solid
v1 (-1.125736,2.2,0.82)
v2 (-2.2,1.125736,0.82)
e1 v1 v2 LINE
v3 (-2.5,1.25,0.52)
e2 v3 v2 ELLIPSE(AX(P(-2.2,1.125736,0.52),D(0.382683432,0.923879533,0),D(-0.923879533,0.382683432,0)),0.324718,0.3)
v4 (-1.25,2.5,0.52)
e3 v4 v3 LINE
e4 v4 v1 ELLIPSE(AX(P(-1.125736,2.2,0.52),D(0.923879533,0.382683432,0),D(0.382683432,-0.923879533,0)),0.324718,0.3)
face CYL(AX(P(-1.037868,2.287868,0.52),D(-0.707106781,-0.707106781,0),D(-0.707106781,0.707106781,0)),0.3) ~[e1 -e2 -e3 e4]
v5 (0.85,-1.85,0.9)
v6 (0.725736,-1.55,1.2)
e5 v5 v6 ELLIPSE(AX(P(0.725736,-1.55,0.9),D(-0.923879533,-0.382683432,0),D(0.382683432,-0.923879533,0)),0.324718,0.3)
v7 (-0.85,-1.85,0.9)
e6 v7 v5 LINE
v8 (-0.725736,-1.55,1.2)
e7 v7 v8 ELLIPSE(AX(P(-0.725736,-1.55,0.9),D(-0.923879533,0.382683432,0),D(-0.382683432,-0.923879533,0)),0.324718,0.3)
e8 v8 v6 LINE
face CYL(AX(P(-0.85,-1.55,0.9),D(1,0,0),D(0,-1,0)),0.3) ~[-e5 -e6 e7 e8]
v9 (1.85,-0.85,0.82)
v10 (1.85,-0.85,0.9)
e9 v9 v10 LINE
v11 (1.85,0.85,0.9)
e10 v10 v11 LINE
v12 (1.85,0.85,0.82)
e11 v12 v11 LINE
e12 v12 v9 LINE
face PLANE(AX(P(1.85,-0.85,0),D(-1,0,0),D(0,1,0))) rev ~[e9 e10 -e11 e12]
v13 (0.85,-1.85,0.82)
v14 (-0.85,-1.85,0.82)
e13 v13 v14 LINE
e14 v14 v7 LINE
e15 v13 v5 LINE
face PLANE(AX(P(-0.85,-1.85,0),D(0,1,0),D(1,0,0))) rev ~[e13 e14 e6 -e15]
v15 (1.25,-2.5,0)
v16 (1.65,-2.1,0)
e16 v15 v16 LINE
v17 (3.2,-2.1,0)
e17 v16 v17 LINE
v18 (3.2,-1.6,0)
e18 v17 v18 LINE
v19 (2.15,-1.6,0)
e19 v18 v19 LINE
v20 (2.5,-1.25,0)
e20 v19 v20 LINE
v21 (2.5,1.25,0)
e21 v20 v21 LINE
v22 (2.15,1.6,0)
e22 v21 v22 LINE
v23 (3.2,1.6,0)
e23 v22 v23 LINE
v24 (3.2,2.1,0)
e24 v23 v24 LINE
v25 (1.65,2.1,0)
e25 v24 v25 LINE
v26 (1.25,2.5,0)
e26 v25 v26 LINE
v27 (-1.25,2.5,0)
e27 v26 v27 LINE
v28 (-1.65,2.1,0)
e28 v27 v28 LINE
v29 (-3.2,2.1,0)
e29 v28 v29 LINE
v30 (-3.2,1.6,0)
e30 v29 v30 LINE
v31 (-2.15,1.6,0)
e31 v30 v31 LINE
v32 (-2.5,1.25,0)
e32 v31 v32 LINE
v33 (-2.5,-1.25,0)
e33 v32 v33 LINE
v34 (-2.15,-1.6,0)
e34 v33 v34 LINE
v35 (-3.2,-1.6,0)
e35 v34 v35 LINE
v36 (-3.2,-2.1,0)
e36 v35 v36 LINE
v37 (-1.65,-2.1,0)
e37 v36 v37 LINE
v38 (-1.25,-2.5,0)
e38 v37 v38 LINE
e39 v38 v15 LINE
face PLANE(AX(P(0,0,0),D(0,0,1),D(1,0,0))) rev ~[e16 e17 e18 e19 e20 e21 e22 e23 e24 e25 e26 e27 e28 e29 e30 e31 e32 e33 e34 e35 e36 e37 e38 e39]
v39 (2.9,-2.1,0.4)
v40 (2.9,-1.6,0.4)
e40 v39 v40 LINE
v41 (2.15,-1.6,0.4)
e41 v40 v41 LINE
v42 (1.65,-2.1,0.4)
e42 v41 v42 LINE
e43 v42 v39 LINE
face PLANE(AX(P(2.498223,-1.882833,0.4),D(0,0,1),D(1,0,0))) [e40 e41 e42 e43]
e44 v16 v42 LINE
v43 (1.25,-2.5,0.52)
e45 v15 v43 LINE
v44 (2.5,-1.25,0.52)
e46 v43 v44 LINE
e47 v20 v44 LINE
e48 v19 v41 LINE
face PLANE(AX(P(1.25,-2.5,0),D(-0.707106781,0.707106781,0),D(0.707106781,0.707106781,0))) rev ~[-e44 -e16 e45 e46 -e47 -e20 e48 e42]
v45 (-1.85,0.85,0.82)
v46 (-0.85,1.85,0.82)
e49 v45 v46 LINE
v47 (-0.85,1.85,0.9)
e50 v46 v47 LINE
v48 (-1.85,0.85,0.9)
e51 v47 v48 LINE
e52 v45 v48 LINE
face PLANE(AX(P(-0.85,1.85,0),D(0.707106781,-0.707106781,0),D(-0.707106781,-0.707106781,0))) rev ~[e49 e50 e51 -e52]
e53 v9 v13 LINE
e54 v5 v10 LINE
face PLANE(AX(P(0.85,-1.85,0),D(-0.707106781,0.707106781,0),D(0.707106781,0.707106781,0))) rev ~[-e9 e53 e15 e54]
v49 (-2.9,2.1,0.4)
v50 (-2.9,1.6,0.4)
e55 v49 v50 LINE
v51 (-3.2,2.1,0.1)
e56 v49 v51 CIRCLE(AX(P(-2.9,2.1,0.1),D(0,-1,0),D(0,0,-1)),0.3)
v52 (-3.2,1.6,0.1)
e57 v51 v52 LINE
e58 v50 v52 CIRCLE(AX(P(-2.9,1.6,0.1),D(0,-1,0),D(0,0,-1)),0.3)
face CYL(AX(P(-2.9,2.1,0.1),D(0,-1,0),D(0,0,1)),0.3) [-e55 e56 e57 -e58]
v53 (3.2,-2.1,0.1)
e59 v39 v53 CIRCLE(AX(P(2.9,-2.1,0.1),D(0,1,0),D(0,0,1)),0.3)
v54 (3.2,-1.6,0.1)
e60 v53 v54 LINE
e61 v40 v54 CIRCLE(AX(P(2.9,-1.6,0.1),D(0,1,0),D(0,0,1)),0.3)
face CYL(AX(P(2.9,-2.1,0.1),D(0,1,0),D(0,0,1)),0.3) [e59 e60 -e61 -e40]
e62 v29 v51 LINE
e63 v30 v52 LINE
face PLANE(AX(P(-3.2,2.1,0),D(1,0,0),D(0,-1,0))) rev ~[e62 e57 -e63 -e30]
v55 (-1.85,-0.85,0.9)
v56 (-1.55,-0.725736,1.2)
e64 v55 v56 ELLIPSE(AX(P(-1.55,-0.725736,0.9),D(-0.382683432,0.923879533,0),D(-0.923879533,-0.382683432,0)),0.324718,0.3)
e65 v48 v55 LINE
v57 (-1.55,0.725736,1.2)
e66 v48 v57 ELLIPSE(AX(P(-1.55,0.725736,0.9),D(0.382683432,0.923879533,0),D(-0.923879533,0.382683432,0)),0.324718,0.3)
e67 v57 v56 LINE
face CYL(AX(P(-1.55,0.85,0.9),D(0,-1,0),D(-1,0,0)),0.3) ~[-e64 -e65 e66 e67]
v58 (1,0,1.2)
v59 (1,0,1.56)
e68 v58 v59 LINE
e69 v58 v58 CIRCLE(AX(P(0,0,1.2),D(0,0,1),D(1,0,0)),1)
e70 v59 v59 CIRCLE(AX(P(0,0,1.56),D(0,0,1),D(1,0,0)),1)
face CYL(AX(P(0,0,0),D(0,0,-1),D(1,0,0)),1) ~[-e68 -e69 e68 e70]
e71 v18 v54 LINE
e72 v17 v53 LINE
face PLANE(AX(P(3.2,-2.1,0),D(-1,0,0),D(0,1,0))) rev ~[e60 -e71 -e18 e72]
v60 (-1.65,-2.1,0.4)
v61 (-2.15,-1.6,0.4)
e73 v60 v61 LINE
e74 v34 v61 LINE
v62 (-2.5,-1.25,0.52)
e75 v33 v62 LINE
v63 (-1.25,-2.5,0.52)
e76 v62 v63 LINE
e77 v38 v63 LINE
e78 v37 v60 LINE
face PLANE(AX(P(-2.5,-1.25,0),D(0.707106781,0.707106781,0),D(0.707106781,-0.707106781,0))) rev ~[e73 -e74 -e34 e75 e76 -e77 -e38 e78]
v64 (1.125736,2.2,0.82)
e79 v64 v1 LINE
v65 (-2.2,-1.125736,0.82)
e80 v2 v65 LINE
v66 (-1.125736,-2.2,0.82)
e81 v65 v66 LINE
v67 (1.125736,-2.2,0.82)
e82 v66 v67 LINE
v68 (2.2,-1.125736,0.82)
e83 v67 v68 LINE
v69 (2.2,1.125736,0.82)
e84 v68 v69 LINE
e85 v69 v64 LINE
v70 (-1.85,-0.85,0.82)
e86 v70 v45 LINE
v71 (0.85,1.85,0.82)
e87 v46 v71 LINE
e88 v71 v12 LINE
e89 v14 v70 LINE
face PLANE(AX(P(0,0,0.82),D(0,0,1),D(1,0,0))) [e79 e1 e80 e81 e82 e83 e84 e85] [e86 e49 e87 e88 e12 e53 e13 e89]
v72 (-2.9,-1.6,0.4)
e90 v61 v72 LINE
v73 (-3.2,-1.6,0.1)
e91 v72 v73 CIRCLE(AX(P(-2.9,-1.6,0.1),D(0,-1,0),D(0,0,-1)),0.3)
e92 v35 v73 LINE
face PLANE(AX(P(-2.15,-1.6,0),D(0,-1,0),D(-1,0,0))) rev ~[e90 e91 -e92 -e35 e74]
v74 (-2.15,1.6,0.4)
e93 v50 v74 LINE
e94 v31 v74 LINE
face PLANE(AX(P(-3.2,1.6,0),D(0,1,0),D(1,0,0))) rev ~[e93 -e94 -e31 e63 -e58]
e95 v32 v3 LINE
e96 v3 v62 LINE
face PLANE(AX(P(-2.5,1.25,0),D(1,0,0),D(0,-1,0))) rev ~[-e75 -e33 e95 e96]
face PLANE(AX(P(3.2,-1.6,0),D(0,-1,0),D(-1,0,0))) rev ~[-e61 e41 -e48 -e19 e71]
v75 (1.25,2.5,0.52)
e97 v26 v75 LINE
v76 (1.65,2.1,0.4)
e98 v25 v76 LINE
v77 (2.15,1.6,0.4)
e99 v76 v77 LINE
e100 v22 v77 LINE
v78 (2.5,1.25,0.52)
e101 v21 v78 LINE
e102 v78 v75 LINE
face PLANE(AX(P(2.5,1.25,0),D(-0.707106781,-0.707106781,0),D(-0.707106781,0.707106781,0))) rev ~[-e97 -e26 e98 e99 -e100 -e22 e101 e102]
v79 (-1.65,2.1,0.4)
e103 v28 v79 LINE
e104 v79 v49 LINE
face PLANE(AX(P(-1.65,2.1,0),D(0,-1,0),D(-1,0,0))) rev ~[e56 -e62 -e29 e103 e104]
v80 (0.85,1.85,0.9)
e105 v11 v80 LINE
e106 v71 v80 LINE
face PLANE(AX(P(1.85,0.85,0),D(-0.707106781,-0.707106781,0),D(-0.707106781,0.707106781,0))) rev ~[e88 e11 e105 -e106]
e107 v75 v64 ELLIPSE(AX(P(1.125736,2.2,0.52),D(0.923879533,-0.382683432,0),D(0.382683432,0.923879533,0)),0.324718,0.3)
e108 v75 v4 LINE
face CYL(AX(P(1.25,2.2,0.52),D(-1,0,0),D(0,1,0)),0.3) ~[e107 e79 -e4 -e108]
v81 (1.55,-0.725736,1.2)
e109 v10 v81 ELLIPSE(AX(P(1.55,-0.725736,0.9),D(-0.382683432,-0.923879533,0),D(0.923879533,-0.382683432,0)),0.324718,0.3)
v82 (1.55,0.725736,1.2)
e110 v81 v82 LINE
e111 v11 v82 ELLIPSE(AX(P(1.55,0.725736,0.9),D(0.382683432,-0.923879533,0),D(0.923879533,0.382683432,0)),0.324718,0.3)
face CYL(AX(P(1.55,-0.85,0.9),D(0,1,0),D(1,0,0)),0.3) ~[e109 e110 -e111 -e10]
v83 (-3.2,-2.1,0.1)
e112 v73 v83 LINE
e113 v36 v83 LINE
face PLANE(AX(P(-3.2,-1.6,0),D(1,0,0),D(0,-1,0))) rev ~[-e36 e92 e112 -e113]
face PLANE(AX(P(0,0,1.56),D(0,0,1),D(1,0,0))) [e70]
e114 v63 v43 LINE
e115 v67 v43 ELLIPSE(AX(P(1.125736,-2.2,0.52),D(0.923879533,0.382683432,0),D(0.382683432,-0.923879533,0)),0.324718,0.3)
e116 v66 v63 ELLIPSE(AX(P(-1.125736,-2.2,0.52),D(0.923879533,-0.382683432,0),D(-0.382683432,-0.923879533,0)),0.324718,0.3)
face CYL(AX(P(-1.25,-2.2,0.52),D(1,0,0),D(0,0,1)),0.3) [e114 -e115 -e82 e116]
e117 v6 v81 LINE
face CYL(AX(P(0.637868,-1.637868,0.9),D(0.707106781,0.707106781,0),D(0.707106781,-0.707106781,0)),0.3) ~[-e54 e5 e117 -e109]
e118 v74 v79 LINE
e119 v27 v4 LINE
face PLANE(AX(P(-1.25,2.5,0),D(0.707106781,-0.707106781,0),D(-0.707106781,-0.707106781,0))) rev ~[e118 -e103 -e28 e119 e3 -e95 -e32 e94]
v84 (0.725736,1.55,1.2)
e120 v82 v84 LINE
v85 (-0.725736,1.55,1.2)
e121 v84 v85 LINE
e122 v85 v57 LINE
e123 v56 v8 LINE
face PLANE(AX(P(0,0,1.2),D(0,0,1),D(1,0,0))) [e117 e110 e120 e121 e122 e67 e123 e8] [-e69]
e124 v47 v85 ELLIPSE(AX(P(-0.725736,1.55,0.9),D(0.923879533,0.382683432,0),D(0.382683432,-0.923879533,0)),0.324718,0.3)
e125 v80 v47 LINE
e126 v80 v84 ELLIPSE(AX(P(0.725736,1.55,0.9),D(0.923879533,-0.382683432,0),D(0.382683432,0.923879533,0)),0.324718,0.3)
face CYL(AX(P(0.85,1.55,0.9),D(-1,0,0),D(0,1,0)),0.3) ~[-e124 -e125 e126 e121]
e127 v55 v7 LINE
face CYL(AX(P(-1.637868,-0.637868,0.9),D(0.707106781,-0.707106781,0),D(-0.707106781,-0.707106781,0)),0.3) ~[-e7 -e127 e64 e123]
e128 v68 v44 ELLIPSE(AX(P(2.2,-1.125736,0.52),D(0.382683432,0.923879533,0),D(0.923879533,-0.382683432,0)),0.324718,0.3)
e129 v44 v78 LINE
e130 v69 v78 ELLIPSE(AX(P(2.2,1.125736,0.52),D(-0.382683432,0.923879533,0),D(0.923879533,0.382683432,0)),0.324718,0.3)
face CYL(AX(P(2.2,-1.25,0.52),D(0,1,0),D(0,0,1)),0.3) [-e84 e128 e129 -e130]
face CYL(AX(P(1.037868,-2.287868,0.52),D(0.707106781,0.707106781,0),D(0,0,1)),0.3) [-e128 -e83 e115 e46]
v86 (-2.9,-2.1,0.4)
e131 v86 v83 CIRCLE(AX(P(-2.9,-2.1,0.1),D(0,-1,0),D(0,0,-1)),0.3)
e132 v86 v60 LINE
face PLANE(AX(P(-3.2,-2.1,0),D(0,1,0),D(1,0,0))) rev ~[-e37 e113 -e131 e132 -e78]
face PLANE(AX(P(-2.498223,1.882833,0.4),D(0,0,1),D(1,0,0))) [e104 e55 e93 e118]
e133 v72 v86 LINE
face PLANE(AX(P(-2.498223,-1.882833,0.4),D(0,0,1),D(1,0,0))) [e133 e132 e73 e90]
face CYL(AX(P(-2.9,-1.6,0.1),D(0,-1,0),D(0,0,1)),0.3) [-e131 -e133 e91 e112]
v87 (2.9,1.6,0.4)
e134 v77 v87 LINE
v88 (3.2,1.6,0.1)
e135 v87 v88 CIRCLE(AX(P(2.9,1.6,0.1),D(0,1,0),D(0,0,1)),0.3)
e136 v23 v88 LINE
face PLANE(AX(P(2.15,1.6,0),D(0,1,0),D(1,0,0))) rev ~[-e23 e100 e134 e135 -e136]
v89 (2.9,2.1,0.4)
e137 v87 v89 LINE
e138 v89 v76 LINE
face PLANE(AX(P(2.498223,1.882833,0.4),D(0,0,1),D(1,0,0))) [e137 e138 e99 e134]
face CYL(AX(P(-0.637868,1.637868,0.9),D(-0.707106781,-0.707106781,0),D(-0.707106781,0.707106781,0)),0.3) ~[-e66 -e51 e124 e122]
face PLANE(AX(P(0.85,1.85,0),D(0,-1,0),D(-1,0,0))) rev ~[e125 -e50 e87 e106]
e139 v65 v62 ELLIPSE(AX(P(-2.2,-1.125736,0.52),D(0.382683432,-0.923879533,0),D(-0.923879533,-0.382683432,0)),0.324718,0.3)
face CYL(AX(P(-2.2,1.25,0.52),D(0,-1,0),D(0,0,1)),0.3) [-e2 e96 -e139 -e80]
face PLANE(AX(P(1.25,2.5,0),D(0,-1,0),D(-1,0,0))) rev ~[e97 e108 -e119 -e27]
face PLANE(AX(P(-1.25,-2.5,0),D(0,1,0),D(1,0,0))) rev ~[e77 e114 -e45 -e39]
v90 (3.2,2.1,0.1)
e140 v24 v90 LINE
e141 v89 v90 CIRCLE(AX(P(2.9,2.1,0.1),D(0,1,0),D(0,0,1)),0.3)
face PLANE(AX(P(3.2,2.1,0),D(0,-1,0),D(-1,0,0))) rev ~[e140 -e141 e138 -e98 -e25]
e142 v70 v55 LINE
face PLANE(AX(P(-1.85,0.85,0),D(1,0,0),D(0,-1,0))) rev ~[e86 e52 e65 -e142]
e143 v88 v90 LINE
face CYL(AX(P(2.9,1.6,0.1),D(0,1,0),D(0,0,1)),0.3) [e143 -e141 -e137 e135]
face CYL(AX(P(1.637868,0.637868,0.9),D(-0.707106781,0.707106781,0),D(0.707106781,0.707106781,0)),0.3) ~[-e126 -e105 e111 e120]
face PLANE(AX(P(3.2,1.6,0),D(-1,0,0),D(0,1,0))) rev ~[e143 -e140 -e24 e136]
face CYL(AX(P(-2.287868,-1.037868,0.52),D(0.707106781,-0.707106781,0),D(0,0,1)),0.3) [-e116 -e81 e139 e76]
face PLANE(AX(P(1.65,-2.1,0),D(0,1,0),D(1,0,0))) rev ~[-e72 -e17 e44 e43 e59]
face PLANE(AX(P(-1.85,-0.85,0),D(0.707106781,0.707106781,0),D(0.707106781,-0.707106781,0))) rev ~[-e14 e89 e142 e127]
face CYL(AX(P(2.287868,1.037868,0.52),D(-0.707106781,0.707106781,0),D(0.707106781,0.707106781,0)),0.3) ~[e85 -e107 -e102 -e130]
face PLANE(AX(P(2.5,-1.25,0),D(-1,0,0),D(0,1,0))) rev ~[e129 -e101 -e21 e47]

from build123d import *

# Parameters (mm, degrees)
F0_R     = 1
F1_DEPTH = 1.56
F2_DEPTH = 1.2
F3_DEPTH = 0.82
F4_DEPTH = 0.4
F5_R     = 0.3


with BuildPart() as f1:
    # F0 (on Top) → F1 (new body)
    with BuildSketch(Plane.XY):
        Circle(F0_R)
    extrude(amount=F1_DEPTH)

    # F0 (on Top) → F2 (join)
    with BuildSketch(Plane.XY):
        Polygon((0.85, 1.85), (-0.85, 1.85), (-1.85, 0.85), (-1.85, -0.85), (-0.85, -1.85), (0.85, -1.85), (1.85, -0.85), (1.85, 0.85), align=None)
        Circle(F0_R, mode=Mode.SUBTRACT)
    extrude(amount=F2_DEPTH)

    # F0 (on Top) → F3 (join)
    with BuildSketch(Plane.XY):
        Polygon((1.25, 2.5), (-1.25, 2.5), (-1.65, 2.1), (-2.15, 1.6), (-2.5, 1.25), (-2.5, -1.25), (-2.15, -1.6), (-1.65, -2.1), (-1.25, -2.5), (1.25, -2.5), (1.65, -2.1), (2.15, -1.6), (2.5, -1.25), (2.5, 1.25), (2.15, 1.6), (1.65, 2.1), align=None)
        Polygon((-1.85, 0.85), (-0.85, 1.85), (0.85, 1.85), (1.85, 0.85), (1.85, -0.85), (0.85, -1.85), (-0.85, -1.85), (-1.85, -0.85), align=None, mode=Mode.SUBTRACT)
    extrude(amount=F3_DEPTH)

    # F0 (on Top) → F4 (join)
    with BuildSketch(Plane.XY):
        Polygon((-2.15, 1.6), (-1.65, 2.1), (-3.2, 2.1), (-3.2, 1.6), align=None)
        Polygon((-1.65, -2.1), (-2.15, -1.6), (-3.2, -1.6), (-3.2, -2.1), align=None)
        Polygon((3.2, -1.6), (2.15, -1.6), (1.65, -2.1), (3.2, -2.1), align=None)
        Polygon((3.2, 2.1), (1.65, 2.1), (2.15, 1.6), (3.2, 1.6), align=None)
    extrude(amount=F4_DEPTH)

    # F5
    f5_edges = [f1.edges().sort_by_distance(p)[0] for p in [
        (-1.35, 1.35, 1.2),
        (-1.85, 0, 1.2),
        (-1.35, -1.35, 1.2),
        (0, -1.85, 1.2),
        (1.35, -1.35, 1.2),
        (1.85, 0, 1.2),
        (1.35, 1.35, 1.2),
        (0, 1.85, 1.2),
        (-1.875, 1.875, 0.82),
        (-2.5, 0, 0.82),
        (-1.875, -1.875, 0.82),
        (0, -2.5, 0.82),
        (1.875, -1.875, 0.82),
        (2.5, 0, 0.82),
        (1.875, 1.875, 0.82),
        (0, 2.5, 0.82),
        (-3.2, 1.85, 0.4),
        (-3.2, -1.85, 0.4),
        (3.2, -1.85, 0.4),
        (3.2, 1.85, 0.4),
    ]]
    fillet(f5_edges, radius=F5_R)


solid = f1.part
